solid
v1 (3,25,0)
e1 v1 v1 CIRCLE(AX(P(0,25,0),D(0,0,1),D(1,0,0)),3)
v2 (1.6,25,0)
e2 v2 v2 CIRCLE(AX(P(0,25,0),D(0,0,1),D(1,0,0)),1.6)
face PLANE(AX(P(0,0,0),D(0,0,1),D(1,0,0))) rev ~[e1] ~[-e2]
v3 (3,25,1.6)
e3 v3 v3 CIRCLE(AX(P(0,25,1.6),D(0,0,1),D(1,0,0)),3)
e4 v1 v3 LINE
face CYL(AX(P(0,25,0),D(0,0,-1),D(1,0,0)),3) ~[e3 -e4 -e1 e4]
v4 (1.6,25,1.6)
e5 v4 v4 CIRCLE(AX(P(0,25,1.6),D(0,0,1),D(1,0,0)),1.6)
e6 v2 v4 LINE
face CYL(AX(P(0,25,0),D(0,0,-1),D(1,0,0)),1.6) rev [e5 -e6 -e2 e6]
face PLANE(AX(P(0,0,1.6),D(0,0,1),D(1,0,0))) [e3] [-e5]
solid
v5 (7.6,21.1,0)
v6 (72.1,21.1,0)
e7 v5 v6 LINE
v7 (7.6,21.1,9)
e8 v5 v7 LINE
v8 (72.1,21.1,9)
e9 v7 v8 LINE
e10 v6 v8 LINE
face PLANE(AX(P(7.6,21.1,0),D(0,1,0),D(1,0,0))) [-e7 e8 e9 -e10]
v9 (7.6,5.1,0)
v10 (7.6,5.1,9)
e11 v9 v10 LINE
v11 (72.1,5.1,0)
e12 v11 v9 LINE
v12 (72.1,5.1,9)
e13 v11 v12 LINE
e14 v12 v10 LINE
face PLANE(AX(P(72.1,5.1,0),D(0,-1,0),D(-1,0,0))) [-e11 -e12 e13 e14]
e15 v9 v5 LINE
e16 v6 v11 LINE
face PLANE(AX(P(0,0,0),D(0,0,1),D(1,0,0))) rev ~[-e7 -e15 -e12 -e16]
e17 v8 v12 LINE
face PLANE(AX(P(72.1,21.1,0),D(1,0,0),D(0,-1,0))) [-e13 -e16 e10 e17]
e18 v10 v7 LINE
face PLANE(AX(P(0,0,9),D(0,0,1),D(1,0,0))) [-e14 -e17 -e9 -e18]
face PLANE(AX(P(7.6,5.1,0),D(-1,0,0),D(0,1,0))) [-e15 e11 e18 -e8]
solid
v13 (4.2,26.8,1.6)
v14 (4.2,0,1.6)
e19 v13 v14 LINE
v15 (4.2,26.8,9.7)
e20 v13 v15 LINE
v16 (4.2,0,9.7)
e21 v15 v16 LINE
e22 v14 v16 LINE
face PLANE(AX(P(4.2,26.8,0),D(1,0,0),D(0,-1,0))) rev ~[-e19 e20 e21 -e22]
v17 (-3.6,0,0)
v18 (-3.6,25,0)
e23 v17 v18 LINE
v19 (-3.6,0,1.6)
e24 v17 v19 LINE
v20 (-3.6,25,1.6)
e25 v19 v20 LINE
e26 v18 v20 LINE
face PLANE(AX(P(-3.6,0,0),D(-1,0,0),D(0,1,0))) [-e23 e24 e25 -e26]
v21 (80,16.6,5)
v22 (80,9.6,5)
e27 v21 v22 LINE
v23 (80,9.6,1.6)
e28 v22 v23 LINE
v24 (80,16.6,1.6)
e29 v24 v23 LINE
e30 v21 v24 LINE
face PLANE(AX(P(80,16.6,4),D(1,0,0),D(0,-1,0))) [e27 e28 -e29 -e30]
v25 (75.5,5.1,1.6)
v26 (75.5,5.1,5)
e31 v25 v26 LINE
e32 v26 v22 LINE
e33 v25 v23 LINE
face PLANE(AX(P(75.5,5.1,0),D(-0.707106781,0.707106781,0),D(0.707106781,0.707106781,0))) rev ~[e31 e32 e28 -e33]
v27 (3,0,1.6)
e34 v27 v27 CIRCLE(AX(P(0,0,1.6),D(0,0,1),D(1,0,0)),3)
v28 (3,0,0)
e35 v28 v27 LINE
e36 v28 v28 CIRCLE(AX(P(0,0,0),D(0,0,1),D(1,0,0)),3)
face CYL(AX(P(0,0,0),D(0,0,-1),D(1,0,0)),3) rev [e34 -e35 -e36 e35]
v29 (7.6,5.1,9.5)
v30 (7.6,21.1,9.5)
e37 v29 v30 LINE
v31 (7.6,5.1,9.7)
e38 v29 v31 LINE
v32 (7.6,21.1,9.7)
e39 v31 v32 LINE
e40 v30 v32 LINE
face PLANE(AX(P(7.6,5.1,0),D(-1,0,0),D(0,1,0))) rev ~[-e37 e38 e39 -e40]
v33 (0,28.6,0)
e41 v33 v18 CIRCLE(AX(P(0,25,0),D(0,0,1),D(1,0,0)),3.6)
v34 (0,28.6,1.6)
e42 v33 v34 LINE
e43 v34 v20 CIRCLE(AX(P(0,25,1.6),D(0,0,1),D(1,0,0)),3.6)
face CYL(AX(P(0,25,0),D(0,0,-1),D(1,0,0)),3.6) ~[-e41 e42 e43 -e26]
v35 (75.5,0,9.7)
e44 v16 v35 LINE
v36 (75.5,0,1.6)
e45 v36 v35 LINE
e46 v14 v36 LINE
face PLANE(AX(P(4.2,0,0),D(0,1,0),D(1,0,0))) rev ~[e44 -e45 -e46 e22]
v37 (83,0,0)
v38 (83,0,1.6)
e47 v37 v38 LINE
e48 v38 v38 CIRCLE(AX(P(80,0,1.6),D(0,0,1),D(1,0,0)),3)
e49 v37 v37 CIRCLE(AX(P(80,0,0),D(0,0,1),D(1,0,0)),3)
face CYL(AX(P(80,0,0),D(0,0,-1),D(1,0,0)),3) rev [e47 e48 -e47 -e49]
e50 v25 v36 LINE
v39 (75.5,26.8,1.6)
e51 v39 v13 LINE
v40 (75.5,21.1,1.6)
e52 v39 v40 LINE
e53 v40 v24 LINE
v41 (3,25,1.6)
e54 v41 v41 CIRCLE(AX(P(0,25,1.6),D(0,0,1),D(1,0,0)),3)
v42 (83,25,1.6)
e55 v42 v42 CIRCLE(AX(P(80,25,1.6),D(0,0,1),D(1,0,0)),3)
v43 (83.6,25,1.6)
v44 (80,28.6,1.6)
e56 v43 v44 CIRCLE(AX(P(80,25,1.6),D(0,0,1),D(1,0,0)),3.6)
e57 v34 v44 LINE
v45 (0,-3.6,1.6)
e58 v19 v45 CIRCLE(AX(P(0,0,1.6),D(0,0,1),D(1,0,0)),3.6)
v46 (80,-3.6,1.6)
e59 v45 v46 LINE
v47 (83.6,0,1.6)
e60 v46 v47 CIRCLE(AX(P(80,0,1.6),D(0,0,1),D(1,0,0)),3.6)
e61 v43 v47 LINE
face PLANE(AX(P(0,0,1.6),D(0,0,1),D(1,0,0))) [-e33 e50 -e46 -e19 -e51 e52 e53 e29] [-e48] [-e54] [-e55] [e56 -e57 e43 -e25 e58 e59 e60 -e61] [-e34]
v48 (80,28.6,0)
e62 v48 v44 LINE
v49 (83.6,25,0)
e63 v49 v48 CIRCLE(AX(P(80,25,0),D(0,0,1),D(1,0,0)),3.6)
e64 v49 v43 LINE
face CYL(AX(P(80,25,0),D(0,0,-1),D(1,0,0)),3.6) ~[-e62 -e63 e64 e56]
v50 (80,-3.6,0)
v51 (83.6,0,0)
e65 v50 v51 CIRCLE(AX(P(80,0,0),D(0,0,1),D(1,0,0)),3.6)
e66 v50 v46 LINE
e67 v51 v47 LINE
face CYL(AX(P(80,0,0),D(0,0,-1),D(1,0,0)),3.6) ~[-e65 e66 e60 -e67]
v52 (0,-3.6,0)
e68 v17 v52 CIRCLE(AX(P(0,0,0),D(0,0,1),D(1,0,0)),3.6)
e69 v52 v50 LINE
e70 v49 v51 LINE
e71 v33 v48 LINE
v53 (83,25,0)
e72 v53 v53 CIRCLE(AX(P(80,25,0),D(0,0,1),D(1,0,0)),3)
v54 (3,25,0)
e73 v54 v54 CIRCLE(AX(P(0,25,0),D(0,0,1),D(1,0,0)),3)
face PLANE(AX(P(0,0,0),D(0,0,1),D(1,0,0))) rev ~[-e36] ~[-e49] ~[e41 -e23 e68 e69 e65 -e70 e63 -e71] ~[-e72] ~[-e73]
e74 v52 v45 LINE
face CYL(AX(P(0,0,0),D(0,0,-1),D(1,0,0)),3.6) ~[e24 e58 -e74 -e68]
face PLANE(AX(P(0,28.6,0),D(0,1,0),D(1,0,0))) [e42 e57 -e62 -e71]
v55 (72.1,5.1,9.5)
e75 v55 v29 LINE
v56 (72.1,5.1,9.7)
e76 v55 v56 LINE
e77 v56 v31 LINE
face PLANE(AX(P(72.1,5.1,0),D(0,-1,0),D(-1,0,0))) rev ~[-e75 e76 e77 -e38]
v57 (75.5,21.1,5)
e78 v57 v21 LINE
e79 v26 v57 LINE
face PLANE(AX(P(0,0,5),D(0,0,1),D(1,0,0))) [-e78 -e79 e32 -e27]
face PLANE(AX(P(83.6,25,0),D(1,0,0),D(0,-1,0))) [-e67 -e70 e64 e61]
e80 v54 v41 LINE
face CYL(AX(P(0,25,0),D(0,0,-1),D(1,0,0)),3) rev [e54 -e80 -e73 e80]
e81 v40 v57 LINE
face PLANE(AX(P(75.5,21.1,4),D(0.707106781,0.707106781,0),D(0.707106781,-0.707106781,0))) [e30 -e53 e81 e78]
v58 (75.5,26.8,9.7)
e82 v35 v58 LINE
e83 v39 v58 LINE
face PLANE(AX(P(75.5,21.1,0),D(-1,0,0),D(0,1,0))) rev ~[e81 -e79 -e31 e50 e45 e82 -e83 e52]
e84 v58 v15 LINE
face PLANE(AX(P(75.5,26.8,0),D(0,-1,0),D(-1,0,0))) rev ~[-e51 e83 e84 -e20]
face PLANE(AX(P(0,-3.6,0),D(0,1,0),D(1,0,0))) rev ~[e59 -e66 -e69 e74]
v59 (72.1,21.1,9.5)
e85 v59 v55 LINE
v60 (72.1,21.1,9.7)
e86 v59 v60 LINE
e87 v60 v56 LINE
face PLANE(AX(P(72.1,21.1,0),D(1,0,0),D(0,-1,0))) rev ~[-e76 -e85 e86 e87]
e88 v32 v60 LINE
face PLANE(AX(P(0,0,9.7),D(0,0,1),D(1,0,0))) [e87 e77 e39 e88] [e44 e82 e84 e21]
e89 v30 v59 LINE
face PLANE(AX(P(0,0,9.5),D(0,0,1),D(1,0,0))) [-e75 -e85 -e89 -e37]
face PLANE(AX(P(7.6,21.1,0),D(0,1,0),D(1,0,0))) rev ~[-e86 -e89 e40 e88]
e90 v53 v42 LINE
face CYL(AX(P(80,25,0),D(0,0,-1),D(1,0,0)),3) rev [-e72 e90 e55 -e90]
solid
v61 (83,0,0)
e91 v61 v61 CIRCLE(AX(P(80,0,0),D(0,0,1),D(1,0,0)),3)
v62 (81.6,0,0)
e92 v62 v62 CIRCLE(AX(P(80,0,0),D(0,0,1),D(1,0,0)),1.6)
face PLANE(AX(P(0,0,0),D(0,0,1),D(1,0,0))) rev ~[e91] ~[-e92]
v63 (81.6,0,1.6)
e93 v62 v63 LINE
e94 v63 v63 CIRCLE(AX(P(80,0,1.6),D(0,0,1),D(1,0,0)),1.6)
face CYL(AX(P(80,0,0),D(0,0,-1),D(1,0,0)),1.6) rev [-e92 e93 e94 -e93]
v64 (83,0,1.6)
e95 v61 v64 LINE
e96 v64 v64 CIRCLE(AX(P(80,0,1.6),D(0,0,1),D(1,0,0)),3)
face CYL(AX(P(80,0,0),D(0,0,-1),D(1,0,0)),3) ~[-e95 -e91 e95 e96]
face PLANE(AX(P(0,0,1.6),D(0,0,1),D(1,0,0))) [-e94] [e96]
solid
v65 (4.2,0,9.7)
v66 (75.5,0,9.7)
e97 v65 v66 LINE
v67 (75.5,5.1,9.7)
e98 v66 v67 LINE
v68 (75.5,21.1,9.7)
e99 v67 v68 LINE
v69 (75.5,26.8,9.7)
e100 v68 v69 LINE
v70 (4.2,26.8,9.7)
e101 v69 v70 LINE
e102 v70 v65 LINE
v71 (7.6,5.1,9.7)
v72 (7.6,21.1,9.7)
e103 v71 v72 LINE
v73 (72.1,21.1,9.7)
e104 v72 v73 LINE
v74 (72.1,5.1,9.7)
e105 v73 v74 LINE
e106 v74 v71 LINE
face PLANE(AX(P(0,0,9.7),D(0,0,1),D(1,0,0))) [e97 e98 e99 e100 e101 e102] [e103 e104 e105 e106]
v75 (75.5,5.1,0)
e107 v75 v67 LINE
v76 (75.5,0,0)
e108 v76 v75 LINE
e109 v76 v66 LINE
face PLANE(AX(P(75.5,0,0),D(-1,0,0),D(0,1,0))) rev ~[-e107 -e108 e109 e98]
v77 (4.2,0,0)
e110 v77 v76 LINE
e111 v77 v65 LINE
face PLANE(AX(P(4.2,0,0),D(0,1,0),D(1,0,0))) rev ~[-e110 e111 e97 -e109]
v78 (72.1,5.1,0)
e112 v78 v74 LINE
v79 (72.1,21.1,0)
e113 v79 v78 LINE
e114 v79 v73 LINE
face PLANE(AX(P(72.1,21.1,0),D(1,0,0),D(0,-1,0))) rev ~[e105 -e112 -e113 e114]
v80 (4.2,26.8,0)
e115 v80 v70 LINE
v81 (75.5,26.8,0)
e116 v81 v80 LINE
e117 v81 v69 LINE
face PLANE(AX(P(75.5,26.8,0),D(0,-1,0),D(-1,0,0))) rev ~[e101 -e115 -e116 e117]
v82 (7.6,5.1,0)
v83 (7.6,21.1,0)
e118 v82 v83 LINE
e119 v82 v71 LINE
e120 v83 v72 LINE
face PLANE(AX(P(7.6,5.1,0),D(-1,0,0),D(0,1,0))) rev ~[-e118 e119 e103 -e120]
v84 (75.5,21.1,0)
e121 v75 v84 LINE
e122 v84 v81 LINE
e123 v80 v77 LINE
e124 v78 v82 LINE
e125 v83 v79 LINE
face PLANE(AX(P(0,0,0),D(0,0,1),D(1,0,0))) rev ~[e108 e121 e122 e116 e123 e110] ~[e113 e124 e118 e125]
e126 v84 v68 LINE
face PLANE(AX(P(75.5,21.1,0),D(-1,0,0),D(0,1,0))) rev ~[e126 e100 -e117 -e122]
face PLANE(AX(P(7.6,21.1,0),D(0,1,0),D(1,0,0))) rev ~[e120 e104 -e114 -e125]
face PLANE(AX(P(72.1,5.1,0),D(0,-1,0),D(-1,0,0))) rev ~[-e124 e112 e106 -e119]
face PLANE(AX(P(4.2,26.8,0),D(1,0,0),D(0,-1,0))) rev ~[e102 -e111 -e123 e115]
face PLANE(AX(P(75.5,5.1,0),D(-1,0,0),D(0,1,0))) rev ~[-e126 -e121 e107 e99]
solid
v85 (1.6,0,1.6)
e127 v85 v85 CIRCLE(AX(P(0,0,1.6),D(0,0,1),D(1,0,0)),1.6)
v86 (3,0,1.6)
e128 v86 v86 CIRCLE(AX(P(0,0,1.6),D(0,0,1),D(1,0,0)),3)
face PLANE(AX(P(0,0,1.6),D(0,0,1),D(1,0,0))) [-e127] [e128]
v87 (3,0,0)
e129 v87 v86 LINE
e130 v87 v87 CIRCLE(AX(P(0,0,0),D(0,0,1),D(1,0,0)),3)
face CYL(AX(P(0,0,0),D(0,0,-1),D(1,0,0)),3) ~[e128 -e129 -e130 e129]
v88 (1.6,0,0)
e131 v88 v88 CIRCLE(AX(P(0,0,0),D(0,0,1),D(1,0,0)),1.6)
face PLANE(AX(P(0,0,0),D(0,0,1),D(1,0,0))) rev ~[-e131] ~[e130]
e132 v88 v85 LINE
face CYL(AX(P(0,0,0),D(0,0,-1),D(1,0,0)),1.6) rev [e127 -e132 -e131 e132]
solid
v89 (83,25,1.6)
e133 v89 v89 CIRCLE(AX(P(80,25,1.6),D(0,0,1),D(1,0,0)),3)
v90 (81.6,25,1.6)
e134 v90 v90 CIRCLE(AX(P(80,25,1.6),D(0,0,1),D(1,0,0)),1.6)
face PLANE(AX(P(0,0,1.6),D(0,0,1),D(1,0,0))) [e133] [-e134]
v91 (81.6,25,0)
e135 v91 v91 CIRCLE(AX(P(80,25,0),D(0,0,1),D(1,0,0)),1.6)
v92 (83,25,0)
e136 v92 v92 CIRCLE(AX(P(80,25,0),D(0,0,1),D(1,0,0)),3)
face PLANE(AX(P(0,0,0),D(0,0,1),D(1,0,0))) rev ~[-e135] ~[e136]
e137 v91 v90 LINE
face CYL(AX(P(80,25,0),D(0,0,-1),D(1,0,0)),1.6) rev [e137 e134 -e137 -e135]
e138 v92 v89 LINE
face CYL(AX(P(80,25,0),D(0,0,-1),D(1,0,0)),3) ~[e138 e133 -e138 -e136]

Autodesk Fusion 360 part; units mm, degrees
sketch "Skizze1" plane through (0, 0, 0) normal (0, 0, 1) x (1, 0, 0) in component "i2c display"
  circle A0 centre (0, 0) radius 3.6
  circle A1 centre (0, 25) radius 3.6
  circle A2 centre (80, 25) radius 3.6
  circle A3 centre (80, 0) radius 3.6
  line L0 (0, -3.6) -> (80, -3.6)
  line L1 (-3.6, 0) -> (-3.6, 25)
  line L2 (0, 28.6) -> (80, 28.6)
  line L3 (83.6, 25) -> (83.6, 0)
  line L4 (4.2, 0) -> (75.5, 0)
  line L5 (75.5, 0) -> (75.5, 26.8)
  line L6 (75.5, 26.8) -> (4.2, 26.8)
  line L7 (4.2, 26.8) -> (4.2, 0)
  line L8 (7.6, 21.1) -> (72.1, 21.1)
  line L9 (72.1, 21.1) -> (72.1, 5.1)
  line L10 (72.1, 5.1) -> (7.6, 5.1)
  line L11 (7.6, 5.1) -> (7.6, 21.1)
  circle A4 centre (0, 0) radius 3
  circle A5 centre (0, 25) radius 3
  circle A6 centre (80, 25) radius 3
  circle A7 centre (80, 0) radius 3
  circle A8 centre (0, 25) radius 1.6
  circle A9 centre (0, 0) radius 1.6
  circle A10 centre (80, 25) radius 1.6
  circle A11 centre (80, 0) radius 1.6
  line L12 (75.5, 5.1) -> (80, 9.6)
  line L13 (75.5, 5.1) -> (81.864, 5.1) construction
  line L14 (75.5, 21.1) -> (80, 16.6)
  line L15 (80, 16.6) -> (80, 9.6)
  dimension "d1" = 7.2
  dimension "d2" = 7.2
  dimension "d3" = 80
  dimension "d5" = 7.2
  dimension "d6" = 7.2
  dimension "d8" = 7.8
  dimension "d9" = 71.3
  dimension "d10" = 26.8
  dimension "d14" = 64.5
  dimension "d15" = 16
  dimension "d16" = 6
  dimension "d17" = 6
  dimension "d18" = 6
  dimension "d19" = 6
  dimension "d20" = 3.2
  dimension "d21" = 3.2
  dimension "d22" = 3.2
  dimension "d23" = 3.2
  dimension "d32" = 45
  dimension "d33" = 90
extrude "Extrusion1" add sketch "Skizze1" along normal blind 1.6 contours A0 | A0 A1 A2 A3 L0 L1 L2 L3 | A1 | A3 | A2 | L5 L12 L14 L15 makes body 1 in component "i2c display"
extrude "Extrusion2" add sketch "Skizze1" along normal blind 1.6 separate body contours A4 | A5 | A6 | A7 makes body 2 at (2.9851, -0.2987, 1.0667) makes body 3 at (78.6314, -2.6696, 0.5333) makes body 4 at (2.9851, 24.7013, 1.0667) makes body 5 at (82.9851, 24.7013, 1.0667) in component "i2c display"
extrude "Extrusion3" add sketch "Skizze1" along normal blind 9.7 contours L4 L5 L6 L7 bodies 1 in component "i2c display"
extrude "Extrusion4" add sketch "Skizze1" along normal blind 9.5 contours L8 L9 L10 L11 bodies 1 in component "i2c display"
extrude "Extrusion5" add sketch "Skizze1" along normal blind 3.5 separate body contours L5 L12 L14 L15 makes body 6 in component "i2c display"
extrude "Extrusion6" add 1 faces at (77, 14.2667, 3.5) along direction (0, 0, 1) blind 0.5 on bodies 6 bodies 6 2 3 4 5 1 in component "i2c display"
extrude "Extrusion7" add 1 faces at (77, 14.2667, 4) along direction (0, 0, 1) blind 1 on bodies 6 bodies 6 in component "i2c display"
extrude "Extrusion8" add sketch "Skizze1" along normal blind 9 separate body contours L8 L9 L10 L11 makes body 7 in component "i2c display"
extrude "Extrusion9" add sketch "Skizze1" along normal blind 9.7 separate body contours L4 L5 L6 L7 makes body 8 in component "i2c display"
component "i2c display" placed x (1, 0, 0) y (0, 1, 0) z (0, 0, 1) at (0, 0, 0)
